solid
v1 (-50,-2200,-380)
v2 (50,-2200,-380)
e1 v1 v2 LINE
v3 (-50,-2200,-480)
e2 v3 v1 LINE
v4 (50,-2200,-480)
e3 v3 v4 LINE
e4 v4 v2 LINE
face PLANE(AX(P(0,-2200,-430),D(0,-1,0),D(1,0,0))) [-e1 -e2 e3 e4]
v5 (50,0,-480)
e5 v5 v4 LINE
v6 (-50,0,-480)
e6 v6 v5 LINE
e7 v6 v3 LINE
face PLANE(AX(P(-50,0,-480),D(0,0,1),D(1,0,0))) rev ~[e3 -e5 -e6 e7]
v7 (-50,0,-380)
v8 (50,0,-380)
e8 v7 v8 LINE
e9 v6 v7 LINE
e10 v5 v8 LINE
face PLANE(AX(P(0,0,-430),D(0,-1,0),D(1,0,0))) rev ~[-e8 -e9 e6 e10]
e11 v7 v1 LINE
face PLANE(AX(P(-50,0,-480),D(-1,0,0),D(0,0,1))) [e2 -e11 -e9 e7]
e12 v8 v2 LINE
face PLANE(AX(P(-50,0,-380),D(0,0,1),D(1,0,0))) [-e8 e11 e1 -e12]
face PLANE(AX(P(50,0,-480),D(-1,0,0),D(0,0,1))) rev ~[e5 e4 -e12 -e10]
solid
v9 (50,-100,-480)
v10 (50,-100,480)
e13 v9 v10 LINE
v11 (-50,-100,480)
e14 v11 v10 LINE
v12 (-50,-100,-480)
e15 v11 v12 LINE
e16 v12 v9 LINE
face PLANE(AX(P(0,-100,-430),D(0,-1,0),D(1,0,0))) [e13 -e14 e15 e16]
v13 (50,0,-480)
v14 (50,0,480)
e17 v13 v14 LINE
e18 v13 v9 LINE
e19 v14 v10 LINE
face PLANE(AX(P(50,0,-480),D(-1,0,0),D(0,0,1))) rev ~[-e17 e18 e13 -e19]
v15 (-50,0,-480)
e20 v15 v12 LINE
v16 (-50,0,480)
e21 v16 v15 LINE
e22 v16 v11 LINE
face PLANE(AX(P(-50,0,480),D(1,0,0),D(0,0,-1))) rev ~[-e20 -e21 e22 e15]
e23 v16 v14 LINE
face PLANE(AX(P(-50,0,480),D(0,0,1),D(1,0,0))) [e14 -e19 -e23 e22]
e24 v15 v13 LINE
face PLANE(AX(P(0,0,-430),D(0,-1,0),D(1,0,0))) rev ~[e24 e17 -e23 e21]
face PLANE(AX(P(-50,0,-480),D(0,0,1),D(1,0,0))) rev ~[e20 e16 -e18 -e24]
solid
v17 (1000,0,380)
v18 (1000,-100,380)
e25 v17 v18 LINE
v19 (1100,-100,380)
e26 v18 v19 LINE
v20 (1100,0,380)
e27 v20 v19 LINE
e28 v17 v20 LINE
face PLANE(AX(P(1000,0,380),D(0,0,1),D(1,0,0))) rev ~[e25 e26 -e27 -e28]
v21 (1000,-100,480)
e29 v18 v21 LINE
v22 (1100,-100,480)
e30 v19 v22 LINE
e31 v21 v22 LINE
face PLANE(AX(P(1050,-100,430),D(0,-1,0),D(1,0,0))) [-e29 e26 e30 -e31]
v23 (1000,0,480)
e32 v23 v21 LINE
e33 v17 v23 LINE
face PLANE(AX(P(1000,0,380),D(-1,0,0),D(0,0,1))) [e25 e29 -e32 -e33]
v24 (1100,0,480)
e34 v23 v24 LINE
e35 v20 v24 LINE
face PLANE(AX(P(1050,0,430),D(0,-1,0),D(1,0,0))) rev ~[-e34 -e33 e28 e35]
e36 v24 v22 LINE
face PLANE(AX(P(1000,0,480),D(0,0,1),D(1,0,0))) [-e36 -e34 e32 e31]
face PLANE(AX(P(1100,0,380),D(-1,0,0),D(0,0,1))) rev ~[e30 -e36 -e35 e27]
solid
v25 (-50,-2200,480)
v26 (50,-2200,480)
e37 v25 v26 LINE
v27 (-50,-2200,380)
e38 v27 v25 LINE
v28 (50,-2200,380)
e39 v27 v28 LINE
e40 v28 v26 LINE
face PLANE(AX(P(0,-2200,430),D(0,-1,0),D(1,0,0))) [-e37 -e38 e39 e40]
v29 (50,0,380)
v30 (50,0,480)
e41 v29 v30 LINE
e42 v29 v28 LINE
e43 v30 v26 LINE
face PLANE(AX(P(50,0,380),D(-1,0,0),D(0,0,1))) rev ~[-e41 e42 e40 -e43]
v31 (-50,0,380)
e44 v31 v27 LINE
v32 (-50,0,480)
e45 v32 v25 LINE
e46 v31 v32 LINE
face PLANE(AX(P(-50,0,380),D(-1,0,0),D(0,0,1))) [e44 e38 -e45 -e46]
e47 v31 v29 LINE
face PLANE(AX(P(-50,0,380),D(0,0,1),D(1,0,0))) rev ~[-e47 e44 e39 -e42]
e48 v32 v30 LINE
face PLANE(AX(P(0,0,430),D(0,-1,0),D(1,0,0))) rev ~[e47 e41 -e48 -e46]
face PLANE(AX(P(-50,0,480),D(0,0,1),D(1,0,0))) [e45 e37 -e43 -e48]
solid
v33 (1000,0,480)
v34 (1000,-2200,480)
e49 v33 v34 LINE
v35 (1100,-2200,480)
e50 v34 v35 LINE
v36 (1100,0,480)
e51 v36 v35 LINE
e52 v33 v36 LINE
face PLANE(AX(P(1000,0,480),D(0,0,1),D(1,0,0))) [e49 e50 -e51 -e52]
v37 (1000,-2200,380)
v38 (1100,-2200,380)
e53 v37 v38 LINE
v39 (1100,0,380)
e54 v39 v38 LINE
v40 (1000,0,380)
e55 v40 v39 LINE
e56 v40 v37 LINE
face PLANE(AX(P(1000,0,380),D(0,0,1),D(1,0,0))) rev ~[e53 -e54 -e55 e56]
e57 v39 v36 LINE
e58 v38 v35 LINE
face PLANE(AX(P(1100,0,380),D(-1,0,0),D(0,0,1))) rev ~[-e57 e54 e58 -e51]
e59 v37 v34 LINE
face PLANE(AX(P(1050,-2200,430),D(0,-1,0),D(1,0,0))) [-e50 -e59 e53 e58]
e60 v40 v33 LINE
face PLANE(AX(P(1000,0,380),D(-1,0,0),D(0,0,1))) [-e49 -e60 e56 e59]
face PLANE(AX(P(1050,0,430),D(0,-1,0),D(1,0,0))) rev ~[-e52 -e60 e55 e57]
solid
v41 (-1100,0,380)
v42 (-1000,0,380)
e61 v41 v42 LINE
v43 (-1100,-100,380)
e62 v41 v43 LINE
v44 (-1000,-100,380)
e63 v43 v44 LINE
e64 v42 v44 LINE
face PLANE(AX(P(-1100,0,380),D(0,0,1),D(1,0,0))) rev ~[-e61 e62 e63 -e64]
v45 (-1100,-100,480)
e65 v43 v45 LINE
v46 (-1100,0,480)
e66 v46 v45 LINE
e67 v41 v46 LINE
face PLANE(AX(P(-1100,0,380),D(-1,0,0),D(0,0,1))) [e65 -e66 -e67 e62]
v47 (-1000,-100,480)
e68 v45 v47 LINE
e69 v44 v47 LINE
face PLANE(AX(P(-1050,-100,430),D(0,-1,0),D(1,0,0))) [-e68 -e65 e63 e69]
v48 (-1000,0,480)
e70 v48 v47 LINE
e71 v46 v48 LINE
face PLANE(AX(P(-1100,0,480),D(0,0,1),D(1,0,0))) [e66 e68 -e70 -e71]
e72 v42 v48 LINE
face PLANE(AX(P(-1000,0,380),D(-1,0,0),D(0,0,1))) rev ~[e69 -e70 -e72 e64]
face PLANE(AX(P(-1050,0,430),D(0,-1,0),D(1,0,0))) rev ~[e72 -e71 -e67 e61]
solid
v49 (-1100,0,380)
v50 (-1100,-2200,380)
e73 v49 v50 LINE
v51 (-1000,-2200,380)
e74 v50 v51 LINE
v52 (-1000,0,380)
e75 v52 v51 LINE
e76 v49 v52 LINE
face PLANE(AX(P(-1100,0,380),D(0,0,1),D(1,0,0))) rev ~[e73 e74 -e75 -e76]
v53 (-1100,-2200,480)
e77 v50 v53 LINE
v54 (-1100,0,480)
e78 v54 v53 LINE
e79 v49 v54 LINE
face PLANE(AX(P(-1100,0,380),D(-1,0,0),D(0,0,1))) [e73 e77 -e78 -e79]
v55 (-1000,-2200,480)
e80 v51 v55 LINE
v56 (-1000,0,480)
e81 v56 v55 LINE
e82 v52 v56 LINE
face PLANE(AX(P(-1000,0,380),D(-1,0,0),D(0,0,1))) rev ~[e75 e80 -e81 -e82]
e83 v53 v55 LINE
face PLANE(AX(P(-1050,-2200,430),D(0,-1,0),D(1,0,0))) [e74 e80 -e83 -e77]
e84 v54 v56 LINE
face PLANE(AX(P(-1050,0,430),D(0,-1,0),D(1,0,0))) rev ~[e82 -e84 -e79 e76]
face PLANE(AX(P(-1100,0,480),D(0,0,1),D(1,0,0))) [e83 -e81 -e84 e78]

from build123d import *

# Parameters (mm, degrees)
F0_W     = 100
F0_H     = 100
F1_DEPTH = 2200
F0_H_2   = 760
F2_DEPTH = 100


with BuildPart() as f1:
    # F0 (on Front) → F1 (new body)
    with BuildSketch(Plane.XZ):
        with Locations((0, 430)):
            Rectangle(F0_W, F0_H)
        with Locations((1050, 430)):
            Rectangle(F0_W, F0_H)
        with Locations((0, -430)):
            Rectangle(F0_W, F0_H)
        with Locations((-1050, 430)):
            Rectangle(F0_W, F0_H)
    extrude(amount=F1_DEPTH)


with BuildPart() as f2:
    # F0 (on Front) → F2 (new body)
    with BuildSketch(Plane.XZ):
        with Locations((0, -430)):
            Rectangle(F0_W, F0_H)
        with Locations((-1050, 430)):
            Rectangle(F0_W, F0_H)
        with Locations((0, 430)):
            Rectangle(F0_W, F0_H)
        with Locations((1050, 430)):
            Rectangle(F0_W, F0_H)
        Rectangle(F0_W, F0_H_2)
    extrude(amount=F2_DEPTH)


solid = Compound([f1.part, f2.part])
